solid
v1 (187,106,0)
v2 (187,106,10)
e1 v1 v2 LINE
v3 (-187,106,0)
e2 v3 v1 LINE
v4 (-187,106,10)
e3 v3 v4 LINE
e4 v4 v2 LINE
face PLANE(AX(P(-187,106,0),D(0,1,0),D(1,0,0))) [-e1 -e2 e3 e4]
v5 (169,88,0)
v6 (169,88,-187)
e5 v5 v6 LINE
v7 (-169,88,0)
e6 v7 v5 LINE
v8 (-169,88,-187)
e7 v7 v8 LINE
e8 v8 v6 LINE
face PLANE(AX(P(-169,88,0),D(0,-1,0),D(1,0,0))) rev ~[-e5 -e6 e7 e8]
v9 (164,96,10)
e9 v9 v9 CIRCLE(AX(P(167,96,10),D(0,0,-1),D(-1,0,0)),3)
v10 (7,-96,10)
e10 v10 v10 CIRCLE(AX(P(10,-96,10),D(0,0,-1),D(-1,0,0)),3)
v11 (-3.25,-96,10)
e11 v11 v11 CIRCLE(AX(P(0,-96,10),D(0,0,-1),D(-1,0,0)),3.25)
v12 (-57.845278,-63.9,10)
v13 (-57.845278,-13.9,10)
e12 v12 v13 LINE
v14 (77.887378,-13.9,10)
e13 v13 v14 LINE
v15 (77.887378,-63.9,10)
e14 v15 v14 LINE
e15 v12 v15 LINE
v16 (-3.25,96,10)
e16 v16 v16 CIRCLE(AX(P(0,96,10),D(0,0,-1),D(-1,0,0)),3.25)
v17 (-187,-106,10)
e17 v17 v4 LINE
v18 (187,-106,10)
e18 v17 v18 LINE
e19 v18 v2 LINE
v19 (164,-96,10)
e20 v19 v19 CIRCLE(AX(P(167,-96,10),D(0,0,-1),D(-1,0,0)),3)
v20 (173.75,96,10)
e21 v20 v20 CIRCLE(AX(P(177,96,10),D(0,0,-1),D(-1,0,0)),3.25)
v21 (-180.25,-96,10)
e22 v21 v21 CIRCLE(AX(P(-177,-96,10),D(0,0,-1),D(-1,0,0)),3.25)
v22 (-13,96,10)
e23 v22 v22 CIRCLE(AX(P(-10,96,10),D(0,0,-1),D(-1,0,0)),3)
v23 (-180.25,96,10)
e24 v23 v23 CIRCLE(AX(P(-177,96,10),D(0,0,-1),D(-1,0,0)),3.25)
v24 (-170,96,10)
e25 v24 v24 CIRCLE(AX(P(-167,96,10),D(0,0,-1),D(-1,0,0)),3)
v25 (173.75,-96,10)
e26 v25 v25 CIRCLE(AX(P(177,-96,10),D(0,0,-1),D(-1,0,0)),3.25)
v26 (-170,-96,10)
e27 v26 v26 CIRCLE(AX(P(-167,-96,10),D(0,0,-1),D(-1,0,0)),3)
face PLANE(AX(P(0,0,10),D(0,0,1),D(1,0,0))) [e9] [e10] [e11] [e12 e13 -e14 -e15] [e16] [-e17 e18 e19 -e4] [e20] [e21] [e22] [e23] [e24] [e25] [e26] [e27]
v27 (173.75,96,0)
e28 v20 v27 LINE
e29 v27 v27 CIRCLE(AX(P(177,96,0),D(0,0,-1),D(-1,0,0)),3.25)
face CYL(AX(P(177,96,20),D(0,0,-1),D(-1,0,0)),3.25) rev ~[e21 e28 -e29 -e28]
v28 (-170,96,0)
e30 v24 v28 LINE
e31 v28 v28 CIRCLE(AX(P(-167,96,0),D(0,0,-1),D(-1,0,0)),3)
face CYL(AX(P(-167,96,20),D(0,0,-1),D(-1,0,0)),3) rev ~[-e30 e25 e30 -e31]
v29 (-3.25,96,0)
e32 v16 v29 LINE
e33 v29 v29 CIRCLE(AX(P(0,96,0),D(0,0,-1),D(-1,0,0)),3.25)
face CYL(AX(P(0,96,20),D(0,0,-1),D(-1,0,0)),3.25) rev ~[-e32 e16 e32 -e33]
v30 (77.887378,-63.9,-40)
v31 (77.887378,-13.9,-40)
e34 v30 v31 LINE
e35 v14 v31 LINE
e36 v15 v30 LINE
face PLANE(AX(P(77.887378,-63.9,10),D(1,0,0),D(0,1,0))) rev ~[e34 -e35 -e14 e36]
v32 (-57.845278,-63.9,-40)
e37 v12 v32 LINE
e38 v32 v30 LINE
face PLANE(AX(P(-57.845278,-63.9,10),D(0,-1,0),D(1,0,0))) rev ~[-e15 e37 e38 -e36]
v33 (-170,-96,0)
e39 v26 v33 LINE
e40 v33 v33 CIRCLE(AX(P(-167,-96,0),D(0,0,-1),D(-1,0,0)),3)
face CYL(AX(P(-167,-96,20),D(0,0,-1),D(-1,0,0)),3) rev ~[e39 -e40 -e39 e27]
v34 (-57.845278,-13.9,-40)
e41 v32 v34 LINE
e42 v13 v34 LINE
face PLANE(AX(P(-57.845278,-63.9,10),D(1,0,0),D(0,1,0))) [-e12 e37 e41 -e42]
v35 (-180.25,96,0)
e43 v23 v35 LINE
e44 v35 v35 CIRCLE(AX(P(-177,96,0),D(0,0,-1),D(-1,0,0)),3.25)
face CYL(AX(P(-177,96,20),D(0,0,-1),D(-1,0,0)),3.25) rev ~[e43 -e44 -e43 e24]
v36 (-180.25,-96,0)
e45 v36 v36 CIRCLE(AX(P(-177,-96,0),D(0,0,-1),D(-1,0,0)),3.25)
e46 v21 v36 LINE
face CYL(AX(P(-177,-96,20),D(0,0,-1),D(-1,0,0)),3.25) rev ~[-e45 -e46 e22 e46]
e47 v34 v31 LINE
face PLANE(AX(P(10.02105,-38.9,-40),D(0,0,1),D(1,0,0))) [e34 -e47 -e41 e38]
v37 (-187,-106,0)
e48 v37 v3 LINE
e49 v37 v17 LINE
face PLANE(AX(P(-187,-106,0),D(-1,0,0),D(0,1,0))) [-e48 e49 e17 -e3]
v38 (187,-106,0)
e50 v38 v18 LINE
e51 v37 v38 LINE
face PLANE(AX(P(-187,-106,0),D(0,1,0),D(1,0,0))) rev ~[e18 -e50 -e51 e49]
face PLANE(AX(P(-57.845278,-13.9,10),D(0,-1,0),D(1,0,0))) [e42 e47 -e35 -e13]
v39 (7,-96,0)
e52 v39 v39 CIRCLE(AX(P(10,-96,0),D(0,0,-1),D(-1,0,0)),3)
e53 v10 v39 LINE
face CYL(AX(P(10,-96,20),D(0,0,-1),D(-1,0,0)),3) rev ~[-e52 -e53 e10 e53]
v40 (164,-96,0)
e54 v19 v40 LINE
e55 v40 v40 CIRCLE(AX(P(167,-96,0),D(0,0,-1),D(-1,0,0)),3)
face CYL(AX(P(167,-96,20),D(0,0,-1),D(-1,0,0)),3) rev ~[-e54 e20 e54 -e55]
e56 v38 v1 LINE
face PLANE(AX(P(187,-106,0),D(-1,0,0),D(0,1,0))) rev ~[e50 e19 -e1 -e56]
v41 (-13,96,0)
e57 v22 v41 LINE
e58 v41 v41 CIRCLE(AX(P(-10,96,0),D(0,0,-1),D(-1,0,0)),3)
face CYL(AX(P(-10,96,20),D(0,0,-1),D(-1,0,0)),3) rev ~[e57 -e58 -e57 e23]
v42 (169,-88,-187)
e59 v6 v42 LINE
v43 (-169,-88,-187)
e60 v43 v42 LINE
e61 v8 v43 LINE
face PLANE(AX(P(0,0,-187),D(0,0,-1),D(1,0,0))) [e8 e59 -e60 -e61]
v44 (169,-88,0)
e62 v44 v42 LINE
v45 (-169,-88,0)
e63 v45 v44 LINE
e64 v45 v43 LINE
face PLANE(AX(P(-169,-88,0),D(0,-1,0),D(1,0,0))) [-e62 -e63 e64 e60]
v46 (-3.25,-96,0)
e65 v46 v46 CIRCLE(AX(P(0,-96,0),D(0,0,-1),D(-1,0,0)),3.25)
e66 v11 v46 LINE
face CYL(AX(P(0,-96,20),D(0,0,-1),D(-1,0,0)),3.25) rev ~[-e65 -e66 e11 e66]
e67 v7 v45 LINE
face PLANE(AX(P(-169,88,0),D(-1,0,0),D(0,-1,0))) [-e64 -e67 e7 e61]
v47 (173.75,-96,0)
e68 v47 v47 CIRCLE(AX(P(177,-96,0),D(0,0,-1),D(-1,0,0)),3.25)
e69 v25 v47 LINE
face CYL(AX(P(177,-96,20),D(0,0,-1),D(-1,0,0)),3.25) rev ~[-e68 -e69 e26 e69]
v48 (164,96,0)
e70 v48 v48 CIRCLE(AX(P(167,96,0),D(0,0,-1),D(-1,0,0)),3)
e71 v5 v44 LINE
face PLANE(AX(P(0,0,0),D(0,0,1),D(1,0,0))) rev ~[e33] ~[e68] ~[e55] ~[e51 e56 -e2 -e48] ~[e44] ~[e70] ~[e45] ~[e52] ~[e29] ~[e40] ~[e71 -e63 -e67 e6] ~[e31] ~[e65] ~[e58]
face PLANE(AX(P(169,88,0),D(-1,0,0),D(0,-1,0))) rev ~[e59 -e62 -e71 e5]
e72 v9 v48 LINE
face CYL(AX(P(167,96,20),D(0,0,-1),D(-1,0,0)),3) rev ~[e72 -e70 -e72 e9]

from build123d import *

# Parameters (mm, degrees)
F0_W     = 374
F0_H     = 212
F1_DEPTH = 10
F2_W     = 338
F2_H     = 176
F3_DEPTH = 187
F4_W     = 135.732657
F4_H     = 50
F5_DEPTH = 50
F7_D     = 6
F7_DEPTH = 10
F8_D     = 6.5
F8_DEPTH = 10


with BuildPart() as f1:
    # F0 (on Top) → F1 (new body)
    with BuildSketch(Plane.XY):
        Rectangle(F0_W, F0_H)
    extrude(amount=F1_DEPTH)

    # F2 (on face) → F3 (join)
    with BuildSketch(Plane(origin=(0, 0, 0), x_dir=(1, 0, 0), z_dir=(0, 0, -1))):
        Rectangle(F2_W, F2_H)
    extrude(amount=F3_DEPTH)

    # F4 (on face) → F5 (cut)
    with BuildSketch(Plane.XY.offset(10)):
        with Locations((10.02105, -38.9)):
            Rectangle(F4_W, F4_H)
    extrude(amount=-F5_DEPTH, mode=Mode.SUBTRACT)

    # F7
    with Locations(Plane.XY.offset(10)):
        with Locations((-167, 96), (-167, -96), (167, -96), (167, 96), (-10, 96), (10, -96)):
            Hole(F7_D / 2, depth=F7_DEPTH)

    # F8
    with Locations(Plane.XY.offset(10)):
        with Locations((-177, 96), (-177, -96), (0, -96), (0, 96), (177, 96), (177, -96)):
            Hole(F8_D / 2, depth=F8_DEPTH)


solid = f1.part
